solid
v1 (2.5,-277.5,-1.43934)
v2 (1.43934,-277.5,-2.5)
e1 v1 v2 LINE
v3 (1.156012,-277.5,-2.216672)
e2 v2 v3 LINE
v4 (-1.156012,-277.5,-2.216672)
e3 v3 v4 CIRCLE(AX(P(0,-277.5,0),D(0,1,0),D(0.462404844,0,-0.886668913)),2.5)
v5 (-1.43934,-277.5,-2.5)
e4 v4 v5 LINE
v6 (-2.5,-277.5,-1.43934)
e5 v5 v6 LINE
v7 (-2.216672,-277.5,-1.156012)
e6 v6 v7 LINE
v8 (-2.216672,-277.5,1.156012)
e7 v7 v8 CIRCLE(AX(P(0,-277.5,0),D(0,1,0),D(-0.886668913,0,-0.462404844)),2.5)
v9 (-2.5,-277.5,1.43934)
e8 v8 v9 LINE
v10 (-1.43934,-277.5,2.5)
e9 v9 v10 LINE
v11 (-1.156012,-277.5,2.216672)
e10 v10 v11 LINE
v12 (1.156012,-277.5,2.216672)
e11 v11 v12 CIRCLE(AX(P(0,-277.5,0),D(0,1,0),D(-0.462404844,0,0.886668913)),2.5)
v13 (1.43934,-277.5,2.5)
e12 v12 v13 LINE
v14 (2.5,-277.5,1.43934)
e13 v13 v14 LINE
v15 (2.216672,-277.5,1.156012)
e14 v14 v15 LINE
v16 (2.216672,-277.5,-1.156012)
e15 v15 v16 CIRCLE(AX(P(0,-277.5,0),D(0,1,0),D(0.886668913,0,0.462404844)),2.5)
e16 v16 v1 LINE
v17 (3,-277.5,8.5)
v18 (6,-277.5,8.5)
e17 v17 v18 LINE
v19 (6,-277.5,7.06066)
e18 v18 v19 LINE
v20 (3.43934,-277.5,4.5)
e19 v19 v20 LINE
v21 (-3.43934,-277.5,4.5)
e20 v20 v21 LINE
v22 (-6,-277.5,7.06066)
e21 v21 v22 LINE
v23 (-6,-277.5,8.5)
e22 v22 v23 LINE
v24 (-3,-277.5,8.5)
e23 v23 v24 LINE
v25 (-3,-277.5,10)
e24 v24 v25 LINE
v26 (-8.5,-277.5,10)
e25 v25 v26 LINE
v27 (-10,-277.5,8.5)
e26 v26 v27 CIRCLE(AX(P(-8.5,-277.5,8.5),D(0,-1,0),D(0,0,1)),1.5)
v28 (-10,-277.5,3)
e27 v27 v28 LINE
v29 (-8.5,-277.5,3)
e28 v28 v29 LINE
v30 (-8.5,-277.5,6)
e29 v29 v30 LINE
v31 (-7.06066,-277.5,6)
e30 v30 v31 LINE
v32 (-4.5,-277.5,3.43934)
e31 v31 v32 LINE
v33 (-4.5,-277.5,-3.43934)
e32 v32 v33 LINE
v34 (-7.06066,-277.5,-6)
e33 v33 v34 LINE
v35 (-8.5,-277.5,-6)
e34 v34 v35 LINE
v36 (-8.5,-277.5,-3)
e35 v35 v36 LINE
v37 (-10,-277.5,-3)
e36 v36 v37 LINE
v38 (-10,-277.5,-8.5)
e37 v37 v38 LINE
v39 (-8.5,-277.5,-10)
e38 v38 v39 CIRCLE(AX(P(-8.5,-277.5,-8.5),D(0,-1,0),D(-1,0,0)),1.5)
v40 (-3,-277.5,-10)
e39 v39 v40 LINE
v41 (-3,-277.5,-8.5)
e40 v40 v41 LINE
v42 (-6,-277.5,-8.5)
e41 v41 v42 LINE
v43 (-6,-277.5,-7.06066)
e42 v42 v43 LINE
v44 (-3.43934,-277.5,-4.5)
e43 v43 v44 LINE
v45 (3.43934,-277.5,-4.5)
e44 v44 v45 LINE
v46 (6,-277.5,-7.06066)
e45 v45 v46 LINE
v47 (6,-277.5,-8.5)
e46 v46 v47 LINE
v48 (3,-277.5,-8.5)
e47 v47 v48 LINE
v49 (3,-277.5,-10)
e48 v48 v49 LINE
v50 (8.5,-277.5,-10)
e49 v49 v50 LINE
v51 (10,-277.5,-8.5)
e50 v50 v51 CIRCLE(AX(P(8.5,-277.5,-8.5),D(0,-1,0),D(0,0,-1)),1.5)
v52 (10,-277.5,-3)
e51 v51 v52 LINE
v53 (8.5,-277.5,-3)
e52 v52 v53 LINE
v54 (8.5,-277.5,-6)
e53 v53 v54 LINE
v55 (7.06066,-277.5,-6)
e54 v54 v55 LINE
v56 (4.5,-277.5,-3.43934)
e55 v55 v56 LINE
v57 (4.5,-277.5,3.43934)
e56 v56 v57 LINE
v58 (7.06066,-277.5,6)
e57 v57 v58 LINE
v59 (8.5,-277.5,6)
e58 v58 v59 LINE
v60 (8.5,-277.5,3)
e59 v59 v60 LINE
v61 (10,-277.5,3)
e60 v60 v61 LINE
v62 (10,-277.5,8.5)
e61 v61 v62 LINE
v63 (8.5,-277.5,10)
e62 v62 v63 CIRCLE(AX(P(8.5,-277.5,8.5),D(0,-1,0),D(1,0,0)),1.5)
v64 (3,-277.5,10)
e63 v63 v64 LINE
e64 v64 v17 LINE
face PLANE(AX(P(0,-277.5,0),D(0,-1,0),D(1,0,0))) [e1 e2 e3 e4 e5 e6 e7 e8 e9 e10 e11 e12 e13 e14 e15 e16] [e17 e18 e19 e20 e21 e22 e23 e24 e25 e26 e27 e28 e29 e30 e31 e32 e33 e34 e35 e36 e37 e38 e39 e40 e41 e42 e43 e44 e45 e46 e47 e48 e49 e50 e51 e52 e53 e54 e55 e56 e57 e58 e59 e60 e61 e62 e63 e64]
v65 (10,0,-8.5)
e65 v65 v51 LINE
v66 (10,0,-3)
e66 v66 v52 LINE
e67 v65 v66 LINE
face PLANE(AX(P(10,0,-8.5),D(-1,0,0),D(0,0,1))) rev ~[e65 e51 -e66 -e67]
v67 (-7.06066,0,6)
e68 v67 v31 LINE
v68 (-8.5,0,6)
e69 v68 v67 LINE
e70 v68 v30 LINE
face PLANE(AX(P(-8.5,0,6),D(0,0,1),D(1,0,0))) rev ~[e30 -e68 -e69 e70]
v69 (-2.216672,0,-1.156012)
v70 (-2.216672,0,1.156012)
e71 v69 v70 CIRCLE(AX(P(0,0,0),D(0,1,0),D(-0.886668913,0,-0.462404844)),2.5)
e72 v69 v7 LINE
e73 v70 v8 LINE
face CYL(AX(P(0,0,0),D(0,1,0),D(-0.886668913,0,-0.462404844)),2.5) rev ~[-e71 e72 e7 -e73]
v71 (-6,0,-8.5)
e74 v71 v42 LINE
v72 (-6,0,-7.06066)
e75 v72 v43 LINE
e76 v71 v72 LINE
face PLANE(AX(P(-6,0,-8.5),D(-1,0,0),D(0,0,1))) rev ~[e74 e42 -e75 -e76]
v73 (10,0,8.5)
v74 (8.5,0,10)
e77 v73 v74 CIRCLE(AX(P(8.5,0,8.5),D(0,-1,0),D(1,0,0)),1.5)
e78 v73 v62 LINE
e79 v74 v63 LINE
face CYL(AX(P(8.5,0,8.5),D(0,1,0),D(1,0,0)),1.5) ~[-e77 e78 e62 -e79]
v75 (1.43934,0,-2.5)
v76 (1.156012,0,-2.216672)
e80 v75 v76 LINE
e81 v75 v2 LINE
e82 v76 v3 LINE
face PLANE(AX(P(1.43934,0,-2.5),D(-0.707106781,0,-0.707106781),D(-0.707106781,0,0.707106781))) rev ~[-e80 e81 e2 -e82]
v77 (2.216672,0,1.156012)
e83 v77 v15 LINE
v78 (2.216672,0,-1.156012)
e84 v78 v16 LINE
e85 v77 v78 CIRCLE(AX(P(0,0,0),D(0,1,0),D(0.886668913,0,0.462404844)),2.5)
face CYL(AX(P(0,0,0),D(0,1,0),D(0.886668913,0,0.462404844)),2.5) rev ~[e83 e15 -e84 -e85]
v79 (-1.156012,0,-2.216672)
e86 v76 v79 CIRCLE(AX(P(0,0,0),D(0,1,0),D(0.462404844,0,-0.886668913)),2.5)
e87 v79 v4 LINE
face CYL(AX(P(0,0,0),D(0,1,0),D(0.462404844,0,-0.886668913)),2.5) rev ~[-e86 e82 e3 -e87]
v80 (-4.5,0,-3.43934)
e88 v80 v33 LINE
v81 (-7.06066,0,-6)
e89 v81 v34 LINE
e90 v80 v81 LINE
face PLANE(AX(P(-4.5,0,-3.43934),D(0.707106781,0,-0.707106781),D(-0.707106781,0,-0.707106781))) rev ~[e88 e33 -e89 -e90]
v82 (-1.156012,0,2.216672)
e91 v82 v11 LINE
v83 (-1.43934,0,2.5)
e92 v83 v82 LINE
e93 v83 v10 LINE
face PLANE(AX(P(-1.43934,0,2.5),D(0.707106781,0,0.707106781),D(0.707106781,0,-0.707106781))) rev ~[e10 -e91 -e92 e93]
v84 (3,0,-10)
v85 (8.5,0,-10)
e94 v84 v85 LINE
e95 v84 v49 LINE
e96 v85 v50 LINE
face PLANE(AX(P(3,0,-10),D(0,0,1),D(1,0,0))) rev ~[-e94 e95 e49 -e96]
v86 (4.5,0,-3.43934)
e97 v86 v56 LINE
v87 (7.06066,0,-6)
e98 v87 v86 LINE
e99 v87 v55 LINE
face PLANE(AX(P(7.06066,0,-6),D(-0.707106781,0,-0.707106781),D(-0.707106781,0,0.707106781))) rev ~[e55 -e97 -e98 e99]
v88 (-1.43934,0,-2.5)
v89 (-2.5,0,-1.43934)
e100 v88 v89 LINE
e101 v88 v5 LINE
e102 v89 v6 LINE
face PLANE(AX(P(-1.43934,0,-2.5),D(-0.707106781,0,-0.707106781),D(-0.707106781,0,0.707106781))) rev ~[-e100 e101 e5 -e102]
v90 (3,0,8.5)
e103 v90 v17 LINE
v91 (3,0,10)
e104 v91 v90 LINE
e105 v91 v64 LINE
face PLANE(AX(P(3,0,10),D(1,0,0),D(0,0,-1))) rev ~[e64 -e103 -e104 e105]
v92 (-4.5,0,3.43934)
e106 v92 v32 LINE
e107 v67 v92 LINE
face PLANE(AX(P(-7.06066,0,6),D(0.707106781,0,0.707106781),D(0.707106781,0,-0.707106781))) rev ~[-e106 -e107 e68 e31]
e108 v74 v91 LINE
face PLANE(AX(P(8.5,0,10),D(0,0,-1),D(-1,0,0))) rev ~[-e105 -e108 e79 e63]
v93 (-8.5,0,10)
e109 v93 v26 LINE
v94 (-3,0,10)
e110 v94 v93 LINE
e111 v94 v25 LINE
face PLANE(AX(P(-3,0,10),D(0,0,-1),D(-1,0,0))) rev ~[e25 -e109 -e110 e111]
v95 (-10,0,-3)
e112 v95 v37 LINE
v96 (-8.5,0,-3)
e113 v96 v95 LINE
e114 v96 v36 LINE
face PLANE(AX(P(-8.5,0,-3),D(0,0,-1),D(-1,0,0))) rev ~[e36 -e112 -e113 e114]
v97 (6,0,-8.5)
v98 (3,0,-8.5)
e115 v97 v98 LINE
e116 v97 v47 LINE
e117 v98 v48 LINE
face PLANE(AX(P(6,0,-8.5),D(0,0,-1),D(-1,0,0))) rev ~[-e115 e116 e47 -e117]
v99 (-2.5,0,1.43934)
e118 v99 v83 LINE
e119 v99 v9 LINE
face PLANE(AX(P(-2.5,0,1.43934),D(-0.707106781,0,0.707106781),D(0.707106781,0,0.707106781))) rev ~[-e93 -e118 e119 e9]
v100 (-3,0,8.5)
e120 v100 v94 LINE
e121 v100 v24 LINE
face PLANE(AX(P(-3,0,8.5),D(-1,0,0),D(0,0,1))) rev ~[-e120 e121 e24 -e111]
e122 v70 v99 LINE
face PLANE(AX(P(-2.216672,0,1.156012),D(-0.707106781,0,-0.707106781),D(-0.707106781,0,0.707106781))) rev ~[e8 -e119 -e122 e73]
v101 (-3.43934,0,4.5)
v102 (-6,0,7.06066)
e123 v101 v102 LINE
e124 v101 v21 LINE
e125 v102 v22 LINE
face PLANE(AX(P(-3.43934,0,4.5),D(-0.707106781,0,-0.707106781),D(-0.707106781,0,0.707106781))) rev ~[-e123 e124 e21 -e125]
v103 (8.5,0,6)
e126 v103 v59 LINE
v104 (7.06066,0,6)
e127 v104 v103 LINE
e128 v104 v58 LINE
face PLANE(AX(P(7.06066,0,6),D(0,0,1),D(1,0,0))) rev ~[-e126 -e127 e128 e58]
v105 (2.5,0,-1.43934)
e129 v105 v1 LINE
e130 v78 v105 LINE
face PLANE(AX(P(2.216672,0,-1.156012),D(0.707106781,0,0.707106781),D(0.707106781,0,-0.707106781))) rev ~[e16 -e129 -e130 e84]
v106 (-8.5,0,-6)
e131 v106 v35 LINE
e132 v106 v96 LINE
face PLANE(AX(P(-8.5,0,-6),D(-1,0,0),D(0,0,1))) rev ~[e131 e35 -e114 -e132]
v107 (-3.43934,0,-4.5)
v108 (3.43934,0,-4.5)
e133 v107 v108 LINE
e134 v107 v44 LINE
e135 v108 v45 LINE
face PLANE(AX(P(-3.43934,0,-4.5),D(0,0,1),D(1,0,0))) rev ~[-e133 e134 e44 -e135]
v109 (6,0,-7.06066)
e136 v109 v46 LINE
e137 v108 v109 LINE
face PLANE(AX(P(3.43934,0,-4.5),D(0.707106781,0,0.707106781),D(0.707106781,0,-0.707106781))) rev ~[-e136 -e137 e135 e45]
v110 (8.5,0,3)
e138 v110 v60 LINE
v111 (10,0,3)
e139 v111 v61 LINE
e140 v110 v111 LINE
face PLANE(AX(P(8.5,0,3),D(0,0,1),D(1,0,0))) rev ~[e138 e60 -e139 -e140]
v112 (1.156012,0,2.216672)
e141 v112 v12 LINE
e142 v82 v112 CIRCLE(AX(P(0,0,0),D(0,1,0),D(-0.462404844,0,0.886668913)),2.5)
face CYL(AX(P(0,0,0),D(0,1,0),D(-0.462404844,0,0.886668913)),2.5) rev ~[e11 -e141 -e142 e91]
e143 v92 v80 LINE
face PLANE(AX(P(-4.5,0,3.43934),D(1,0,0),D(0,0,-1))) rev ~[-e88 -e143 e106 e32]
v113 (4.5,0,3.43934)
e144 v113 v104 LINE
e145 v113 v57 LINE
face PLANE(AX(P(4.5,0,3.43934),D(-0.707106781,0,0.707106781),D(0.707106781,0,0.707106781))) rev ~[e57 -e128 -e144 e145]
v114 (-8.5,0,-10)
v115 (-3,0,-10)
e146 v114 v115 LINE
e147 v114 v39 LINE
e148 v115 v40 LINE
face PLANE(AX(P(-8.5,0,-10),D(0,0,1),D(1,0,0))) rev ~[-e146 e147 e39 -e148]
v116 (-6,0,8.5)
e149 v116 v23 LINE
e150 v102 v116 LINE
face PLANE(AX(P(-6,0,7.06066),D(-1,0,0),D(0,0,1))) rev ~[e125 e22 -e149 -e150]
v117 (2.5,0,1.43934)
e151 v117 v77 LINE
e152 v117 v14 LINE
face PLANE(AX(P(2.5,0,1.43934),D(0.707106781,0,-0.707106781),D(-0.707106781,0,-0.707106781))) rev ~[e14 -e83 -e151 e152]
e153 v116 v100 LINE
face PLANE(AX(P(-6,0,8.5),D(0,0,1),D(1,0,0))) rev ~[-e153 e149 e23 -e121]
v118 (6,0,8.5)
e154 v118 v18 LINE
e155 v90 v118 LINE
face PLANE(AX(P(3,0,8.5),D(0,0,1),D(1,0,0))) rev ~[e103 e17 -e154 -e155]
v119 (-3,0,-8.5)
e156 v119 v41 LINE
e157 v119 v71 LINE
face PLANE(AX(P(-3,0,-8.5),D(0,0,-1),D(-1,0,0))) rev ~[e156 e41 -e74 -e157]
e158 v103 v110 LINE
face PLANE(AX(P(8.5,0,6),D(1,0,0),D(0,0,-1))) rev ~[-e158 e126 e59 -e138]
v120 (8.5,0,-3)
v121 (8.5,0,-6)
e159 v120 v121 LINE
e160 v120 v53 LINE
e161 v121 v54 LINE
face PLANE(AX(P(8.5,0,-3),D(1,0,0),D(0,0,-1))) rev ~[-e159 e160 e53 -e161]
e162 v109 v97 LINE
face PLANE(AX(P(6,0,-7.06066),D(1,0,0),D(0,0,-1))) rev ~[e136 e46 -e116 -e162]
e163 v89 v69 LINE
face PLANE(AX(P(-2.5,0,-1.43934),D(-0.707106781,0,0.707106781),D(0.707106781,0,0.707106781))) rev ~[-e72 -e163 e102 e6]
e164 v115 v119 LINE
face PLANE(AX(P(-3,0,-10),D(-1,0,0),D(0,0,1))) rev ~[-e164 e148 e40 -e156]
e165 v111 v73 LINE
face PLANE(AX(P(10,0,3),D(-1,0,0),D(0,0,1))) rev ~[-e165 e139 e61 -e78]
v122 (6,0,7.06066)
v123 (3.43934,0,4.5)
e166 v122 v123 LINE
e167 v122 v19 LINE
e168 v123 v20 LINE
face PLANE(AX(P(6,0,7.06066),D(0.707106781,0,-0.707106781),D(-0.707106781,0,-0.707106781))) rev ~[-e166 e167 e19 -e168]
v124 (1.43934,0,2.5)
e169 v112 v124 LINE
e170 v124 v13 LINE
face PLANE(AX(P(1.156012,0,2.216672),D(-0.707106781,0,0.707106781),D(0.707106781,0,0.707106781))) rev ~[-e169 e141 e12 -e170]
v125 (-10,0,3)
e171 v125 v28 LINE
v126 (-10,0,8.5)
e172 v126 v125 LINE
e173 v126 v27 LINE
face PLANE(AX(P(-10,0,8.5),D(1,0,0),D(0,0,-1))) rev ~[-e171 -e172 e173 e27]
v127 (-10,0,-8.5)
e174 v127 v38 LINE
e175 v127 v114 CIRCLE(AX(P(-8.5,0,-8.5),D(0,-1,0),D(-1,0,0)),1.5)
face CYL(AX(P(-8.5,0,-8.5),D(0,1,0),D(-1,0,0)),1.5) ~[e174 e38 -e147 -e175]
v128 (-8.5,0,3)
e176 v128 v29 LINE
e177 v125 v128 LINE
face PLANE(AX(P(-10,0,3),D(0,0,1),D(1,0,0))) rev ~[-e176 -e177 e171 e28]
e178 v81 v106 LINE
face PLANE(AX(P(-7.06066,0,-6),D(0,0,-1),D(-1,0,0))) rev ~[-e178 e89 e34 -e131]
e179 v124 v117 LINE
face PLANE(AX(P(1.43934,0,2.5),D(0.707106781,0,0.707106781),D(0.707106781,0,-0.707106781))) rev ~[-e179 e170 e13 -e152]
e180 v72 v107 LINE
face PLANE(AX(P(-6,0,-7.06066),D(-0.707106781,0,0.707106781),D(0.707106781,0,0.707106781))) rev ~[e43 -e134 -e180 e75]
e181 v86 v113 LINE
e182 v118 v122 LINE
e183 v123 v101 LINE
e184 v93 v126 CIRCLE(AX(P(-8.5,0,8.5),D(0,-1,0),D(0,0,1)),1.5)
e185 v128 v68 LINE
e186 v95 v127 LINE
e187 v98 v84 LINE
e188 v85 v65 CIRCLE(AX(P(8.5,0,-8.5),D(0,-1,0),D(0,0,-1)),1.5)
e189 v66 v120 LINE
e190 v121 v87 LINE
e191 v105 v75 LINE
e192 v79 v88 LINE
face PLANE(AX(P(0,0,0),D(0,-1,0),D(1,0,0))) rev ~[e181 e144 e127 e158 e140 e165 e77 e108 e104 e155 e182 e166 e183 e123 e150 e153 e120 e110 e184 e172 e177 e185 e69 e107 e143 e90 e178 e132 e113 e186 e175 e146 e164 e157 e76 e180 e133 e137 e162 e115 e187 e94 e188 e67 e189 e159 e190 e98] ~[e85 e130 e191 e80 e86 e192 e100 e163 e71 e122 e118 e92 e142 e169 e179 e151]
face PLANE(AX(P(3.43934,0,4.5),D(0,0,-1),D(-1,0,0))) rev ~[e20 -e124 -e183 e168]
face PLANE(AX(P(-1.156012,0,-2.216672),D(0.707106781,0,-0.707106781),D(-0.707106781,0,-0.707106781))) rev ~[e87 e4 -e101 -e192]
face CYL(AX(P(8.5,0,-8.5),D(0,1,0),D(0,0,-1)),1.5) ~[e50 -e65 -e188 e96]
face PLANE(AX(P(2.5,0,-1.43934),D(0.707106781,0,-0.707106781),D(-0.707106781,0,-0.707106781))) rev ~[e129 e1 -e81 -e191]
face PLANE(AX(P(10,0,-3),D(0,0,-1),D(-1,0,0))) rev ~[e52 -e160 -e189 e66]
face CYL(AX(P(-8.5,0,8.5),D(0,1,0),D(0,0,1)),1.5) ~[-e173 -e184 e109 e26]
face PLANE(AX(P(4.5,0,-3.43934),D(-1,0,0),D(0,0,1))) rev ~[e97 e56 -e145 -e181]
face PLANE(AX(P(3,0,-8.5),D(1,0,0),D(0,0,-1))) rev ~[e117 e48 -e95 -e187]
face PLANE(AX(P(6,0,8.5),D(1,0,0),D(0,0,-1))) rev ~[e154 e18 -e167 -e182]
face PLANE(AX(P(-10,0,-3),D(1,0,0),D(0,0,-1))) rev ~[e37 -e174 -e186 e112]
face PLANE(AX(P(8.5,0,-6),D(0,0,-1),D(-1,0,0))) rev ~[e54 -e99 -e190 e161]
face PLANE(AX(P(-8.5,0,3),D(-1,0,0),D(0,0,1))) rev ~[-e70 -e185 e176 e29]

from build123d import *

# Parameters (mm, degrees)
F1_DEPTH = 277.5


with BuildPart() as f1:
    # F0 (on Front) → F1 (new body)
    with BuildSketch(Plane.XZ):
        with BuildLine():
            Line((3, -10), (8.5, -10))
            ThreePointArc((8.5, -10), (9.5606601718, -9.5606601718), (10, -8.5))
            Line((10, -8.5), (10, -3))
            Line((10, -3), (8.5, -3))
            Line((8.5, -3), (8.5, -6))
            Line((8.5, -6), (7.0606601718, -6))
            Line((7.0606601718, -6), (4.5, -3.4393398282))
            Line((4.5, -3.4393398282), (4.5, 3.4393398282))
            Line((4.5, 3.4393398282), (7.0606601718, 6))
            Line((7.0606601718, 6), (8.5, 6))
            Line((8.5, 6), (8.5, 3))
            Line((8.5, 3), (10, 3))
            Line((10, 3), (10, 8.5))
            ThreePointArc((10, 8.5), (9.5606601718, 9.5606601718), (8.5, 10))
            Line((8.5, 10), (3, 10))
            Line((3, 10), (3, 8.5))
            Line((3, 8.5), (6, 8.5))
            Line((6, 8.5), (6, 7.0606601718))
            Line((6, 7.0606601718), (3.4393398282, 4.5))
            Line((3.4393398282, 4.5), (-3.4393398282, 4.5))
            Line((-3.4393398282, 4.5), (-6, 7.0606601718))
            Line((-6, 7.0606601718), (-6, 8.5))
            Line((-6, 8.5), (-3, 8.5))
            Line((-3, 8.5), (-3, 10))
            Line((-3, 10), (-8.5, 10))
            ThreePointArc((-8.5, 10), (-9.5606601718, 9.5606601718), (-10, 8.5))
            Line((-10, 8.5), (-10, 3))
            Line((-10, 3), (-8.5, 3))
            Line((-8.5, 3), (-8.5, 6))
            Line((-8.5, 6), (-7.0606601718, 6))
            Line((-7.0606601718, 6), (-4.5, 3.4393398282))
            Line((-4.5, 3.4393398282), (-4.5, -3.4393398282))
            Line((-4.5, -3.4393398282), (-7.0606601718, -6))
            Line((-7.0606601718, -6), (-8.5, -6))
            Line((-8.5, -6), (-8.5, -3))
            Line((-8.5, -3), (-10, -3))
            Line((-10, -3), (-10, -8.5))
            ThreePointArc((-10, -8.5), (-9.5606601718, -9.5606601718), (-8.5, -10))
            Line((-8.5, -10), (-3, -10))
            Line((-3, -10), (-3, -8.5))
            Line((-3, -8.5), (-6, -8.5))
            Line((-6, -8.5), (-6, -7.0606601718))
            Line((-6, -7.0606601718), (-3.4393398282, -4.5))
            Line((-3.4393398282, -4.5), (3.4393398282, -4.5))
            Line((3.4393398282, -4.5), (6, -7.0606601718))
            Line((6, -7.0606601718), (6, -8.5))
            Line((6, -8.5), (3, -8.5))
            Line((3, -8.5), (3, -10))
        make_face()
        with BuildLine():
            ThreePointArc((-1.1560121095, 2.2166722813), (0, 2.5), (1.1560121095, 2.2166722813))
            Line((1.1560121095, 2.2166722813), (1.4393398282, 2.5))
            Line((1.4393398282, 2.5), (2.5, 1.4393398282))
            Line((2.5, 1.4393398282), (2.2166722813, 1.1560121095))
            ThreePointArc((2.2166722813, 1.1560121095), (2.5, 0), (2.2166722813, -1.1560121095))
            Line((2.2166722813, -1.1560121095), (2.5, -1.4393398282))
            Line((2.5, -1.4393398282), (1.4393398282, -2.5))
            Line((1.4393398282, -2.5), (1.1560121095, -2.2166722813))
            ThreePointArc((1.1560121095, -2.2166722813), (0, -2.5), (-1.1560121095, -2.2166722813))
            Line((-1.1560121095, -2.2166722813), (-1.4393398282, -2.5))
            Line((-1.4393398282, -2.5), (-2.5, -1.4393398282))
            Line((-2.5, -1.4393398282), (-2.2166722813, -1.1560121095))
            ThreePointArc((-2.2166722813, -1.1560121095), (-2.5, 0), (-2.2166722813, 1.1560121095))
            Line((-2.2166722813, 1.1560121095), (-2.5, 1.4393398282))
            Line((-2.5, 1.4393398282), (-1.4393398282, 2.5))
            Line((-1.4393398282, 2.5), (-1.1560121095, 2.2166722813))
        make_face(mode=Mode.SUBTRACT)
    extrude(amount=F1_DEPTH)


solid = f1.part
